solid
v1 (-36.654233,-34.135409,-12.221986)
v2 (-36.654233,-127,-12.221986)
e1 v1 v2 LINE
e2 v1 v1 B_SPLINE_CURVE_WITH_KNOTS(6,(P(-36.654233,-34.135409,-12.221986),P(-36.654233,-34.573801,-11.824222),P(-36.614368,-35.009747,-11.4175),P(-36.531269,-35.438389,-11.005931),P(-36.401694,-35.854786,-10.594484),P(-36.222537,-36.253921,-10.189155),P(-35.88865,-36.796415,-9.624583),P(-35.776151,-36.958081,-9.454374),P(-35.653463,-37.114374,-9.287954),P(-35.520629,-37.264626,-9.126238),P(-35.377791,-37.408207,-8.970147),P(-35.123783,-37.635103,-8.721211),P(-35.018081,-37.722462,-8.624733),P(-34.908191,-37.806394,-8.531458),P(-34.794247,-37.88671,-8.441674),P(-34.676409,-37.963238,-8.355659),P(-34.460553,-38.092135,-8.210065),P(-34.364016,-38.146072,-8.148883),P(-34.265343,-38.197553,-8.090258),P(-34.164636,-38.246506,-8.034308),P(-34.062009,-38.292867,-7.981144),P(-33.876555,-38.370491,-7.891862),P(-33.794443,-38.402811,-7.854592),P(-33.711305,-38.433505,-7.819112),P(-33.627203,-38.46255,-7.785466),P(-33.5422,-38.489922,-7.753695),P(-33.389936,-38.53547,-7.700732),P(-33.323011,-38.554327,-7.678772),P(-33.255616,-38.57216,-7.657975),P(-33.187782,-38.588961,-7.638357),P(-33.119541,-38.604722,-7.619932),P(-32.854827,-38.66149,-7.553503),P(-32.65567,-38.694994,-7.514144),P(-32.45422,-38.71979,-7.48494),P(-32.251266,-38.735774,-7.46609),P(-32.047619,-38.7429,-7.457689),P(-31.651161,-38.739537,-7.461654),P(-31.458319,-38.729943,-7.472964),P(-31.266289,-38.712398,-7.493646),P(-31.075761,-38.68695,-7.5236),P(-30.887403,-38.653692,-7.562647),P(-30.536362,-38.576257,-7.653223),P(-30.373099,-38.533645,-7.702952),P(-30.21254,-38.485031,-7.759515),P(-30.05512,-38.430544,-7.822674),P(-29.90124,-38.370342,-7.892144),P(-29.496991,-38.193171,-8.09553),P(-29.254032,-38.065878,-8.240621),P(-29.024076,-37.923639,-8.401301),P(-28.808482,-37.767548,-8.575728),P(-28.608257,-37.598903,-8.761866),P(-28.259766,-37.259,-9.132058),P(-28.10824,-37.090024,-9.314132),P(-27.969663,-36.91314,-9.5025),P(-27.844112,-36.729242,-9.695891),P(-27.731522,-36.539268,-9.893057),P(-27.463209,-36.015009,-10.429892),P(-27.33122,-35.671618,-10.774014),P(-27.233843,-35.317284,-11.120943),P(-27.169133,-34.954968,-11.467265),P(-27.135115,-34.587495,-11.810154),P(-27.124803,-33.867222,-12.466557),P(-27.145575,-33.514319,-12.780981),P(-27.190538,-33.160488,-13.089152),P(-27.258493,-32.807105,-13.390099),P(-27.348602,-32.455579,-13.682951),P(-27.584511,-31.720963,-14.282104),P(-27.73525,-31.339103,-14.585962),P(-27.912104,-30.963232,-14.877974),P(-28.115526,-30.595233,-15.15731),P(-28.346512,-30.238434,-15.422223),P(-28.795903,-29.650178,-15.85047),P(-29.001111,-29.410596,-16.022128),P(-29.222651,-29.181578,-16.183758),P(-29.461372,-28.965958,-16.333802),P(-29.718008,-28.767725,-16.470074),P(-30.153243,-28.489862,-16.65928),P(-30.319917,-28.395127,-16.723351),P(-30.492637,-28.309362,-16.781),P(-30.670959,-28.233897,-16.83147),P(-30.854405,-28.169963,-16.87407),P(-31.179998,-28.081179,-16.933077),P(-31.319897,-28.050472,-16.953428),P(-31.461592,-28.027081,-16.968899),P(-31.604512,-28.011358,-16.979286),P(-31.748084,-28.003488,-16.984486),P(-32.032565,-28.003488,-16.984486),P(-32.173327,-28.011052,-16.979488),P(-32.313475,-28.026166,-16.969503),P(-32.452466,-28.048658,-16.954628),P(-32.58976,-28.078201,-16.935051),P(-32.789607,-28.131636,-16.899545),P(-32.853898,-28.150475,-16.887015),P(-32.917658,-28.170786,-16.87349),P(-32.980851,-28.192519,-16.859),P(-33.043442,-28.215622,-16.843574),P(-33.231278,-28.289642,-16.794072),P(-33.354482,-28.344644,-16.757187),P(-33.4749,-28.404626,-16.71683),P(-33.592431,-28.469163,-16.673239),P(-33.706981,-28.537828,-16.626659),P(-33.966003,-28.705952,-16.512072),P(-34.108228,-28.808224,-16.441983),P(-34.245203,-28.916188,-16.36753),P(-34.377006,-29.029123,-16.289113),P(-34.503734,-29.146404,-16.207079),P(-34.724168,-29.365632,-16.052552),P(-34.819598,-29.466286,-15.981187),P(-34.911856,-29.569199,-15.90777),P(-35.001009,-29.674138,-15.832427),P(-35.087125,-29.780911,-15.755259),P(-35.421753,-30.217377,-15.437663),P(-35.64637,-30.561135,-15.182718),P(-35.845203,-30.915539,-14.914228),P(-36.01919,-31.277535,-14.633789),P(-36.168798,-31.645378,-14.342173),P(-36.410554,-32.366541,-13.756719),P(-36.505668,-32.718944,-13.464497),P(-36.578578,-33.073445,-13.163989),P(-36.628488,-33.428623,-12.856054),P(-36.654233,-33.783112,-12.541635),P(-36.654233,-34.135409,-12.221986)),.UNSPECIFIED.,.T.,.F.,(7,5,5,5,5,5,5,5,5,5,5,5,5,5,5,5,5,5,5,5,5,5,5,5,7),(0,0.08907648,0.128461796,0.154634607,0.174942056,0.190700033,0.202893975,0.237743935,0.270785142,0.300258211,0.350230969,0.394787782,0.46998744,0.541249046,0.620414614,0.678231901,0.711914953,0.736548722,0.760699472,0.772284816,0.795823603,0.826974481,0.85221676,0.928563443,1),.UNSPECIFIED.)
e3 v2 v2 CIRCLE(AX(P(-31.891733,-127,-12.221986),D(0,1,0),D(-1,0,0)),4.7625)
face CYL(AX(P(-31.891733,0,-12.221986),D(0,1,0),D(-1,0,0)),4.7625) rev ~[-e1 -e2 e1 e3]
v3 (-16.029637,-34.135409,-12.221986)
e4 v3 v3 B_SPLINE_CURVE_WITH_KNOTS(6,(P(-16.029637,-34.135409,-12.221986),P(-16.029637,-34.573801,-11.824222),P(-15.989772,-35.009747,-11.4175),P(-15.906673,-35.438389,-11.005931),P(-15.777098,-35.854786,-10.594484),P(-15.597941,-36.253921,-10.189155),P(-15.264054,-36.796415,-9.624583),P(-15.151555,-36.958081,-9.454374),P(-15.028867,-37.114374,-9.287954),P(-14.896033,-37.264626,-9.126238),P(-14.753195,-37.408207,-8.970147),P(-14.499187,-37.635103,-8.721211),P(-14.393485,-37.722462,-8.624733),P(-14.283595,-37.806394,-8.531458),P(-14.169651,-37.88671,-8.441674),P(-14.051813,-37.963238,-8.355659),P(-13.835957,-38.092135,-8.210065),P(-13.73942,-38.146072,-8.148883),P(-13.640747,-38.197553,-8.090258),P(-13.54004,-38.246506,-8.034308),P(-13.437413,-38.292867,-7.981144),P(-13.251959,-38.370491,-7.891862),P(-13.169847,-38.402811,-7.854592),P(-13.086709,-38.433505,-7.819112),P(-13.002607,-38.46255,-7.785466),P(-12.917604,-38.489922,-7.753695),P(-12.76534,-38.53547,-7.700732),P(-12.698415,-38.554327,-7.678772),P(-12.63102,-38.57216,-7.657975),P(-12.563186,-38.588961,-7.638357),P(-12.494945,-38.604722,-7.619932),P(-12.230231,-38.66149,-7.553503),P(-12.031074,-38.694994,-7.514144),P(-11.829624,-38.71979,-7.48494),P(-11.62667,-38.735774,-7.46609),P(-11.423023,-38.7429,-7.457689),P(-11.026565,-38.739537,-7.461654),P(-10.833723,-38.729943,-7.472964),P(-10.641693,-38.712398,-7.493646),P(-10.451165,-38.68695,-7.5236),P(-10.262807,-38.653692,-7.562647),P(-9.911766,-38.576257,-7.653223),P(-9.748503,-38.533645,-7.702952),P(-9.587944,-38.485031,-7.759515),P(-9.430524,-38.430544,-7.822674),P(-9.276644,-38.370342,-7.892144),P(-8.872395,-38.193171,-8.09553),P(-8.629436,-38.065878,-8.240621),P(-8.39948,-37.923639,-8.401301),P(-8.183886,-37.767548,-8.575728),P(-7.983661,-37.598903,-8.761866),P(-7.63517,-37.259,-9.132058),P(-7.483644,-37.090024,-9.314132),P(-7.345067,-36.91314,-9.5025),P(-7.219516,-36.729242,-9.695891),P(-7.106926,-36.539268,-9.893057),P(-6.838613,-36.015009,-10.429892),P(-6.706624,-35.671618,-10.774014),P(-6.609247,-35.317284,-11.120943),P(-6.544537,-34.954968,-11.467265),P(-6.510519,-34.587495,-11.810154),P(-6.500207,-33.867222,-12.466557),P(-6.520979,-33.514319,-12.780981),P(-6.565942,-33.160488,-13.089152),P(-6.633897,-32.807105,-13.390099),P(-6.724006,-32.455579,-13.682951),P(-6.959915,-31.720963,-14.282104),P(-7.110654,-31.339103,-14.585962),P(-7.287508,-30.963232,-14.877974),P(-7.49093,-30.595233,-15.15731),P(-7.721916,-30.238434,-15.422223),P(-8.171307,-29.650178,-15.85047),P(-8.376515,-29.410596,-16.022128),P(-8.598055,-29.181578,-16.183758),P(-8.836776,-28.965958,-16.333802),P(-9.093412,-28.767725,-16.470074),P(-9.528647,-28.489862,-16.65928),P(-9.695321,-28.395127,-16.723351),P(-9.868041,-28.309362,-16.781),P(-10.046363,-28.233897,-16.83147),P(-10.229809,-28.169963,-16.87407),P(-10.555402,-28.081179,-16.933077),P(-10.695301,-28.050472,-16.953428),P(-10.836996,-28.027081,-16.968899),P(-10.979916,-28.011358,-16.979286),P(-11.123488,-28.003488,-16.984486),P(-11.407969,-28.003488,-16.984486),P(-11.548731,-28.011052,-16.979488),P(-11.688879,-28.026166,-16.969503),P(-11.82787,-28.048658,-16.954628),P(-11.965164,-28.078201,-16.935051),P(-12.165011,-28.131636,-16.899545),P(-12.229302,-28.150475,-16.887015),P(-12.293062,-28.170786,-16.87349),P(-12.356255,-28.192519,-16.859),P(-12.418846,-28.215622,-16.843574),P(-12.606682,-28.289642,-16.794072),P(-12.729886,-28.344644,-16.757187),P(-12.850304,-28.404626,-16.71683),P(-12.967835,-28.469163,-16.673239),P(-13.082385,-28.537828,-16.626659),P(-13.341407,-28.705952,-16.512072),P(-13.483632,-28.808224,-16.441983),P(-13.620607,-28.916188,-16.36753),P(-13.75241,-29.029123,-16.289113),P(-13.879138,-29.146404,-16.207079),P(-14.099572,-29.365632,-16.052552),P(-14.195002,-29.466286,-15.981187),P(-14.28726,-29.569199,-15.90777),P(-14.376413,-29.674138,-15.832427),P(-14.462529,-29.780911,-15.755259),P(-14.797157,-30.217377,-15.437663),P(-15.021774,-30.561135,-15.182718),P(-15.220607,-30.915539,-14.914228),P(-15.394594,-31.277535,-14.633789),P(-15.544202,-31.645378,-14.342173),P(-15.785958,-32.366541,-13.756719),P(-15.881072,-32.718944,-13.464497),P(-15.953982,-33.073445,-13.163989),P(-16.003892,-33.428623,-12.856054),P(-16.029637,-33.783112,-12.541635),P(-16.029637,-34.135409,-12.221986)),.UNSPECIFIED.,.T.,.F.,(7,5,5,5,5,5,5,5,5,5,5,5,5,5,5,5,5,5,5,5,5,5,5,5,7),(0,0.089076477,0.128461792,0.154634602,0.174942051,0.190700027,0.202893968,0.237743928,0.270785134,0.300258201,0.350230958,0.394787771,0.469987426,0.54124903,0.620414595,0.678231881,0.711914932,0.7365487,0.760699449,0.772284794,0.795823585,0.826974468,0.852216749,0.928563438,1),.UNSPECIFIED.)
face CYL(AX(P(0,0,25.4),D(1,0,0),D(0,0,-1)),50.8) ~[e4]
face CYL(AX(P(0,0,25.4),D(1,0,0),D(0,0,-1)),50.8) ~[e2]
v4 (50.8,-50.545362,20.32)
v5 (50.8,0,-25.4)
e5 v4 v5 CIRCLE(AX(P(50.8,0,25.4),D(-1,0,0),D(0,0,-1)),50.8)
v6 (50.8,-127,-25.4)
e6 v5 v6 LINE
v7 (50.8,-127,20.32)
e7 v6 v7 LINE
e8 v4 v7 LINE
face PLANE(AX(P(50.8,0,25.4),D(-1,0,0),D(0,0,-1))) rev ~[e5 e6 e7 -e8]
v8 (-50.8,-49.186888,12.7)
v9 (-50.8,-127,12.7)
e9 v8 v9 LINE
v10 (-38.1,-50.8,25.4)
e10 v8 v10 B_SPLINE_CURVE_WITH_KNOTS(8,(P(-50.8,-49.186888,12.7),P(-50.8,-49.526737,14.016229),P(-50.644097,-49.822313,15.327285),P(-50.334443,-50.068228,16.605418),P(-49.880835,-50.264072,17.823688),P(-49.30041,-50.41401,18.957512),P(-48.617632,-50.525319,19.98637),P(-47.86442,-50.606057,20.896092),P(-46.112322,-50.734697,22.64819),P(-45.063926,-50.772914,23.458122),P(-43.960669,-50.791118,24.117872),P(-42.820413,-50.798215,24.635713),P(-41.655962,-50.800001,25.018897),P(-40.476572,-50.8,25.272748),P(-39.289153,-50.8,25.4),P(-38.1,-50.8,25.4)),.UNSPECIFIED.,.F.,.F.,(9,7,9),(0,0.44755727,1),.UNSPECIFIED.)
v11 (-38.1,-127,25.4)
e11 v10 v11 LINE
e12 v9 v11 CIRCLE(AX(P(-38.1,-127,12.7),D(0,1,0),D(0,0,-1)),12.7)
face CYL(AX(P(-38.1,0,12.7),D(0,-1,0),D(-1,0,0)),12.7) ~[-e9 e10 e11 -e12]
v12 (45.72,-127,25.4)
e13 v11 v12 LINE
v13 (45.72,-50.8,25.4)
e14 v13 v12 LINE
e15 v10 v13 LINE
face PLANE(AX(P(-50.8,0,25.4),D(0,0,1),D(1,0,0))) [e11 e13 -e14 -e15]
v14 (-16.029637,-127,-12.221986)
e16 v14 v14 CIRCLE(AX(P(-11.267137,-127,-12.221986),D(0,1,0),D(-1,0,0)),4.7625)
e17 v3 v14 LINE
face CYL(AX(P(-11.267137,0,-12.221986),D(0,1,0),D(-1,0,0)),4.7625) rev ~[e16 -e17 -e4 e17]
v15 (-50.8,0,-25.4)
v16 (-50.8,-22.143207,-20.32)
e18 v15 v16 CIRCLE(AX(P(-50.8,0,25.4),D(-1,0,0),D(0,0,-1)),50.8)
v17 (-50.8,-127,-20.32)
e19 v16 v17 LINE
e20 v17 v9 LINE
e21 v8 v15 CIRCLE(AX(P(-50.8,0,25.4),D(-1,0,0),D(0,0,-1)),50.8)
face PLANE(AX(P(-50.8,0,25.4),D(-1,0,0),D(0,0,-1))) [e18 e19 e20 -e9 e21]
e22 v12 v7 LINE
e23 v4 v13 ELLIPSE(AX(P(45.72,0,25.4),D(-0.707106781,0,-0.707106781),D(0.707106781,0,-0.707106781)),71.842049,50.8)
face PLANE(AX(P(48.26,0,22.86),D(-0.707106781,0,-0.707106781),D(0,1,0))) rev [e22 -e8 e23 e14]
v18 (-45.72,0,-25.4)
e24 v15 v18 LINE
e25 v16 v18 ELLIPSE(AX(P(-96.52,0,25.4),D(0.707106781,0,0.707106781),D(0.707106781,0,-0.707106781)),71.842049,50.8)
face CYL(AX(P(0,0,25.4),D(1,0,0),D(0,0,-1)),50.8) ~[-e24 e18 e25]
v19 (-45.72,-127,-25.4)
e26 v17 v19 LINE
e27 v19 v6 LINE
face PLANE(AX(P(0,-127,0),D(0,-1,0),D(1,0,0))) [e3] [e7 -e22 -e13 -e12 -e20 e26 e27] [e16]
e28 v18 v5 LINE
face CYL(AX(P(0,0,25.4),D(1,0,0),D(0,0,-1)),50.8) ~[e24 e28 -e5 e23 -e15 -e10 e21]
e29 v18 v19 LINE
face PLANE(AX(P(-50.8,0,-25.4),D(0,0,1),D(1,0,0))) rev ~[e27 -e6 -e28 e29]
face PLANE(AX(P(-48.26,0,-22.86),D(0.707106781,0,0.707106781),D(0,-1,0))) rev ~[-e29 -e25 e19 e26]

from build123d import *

# Parameters (mm, degrees)
F0_W     = 101.6
F0_H     = 50.8
F1_DEPTH = 127
F2_R     = 4.7625
F3_DEPTH = 158.242
F4_R     = 12.7
F5_SIZE  = 5.08


with BuildPart() as f1:
    # F0 (on Front) → F1 (new body)
    with BuildSketch(Plane.XZ):
        Rectangle(F0_W, F0_H)
    extrude(amount=F1_DEPTH)

    # F2 (on face) → F3 (cut)
    with BuildSketch(Plane(origin=(0, 0, 0), x_dir=(-1, 0, 0), z_dir=(0, 1, 0))):
        with Locations((31.891733, -12.221986)):
            Circle(F2_R)
        with Locations((11.267137, -12.221986)):
            Circle(F2_R)
    extrude(amount=-F3_DEPTH, mode=Mode.SUBTRACT)

    # F4
    f4_edges = [f1.edges().sort_by_distance(p)[0] for p in [
        (-50.8, -63.5, 25.4),
    ]]
    fillet(f4_edges, radius=F4_R)

    # F5
    f5_edges = [f1.edges().sort_by_distance(p)[0] for p in [
        (50.8, -63.5, 25.4),
        (-50.8, -63.5, -25.4),
    ]]
    chamfer(f5_edges, length=F5_SIZE)

    # F0 (on Front) → F6 (revolve)
    with BuildSketch(Plane.XZ):
        Rectangle(F0_W, F0_H)
    revolve(axis=Axis((0, 0, 25.4), (-1, 0, 0)))


solid = f1.part
